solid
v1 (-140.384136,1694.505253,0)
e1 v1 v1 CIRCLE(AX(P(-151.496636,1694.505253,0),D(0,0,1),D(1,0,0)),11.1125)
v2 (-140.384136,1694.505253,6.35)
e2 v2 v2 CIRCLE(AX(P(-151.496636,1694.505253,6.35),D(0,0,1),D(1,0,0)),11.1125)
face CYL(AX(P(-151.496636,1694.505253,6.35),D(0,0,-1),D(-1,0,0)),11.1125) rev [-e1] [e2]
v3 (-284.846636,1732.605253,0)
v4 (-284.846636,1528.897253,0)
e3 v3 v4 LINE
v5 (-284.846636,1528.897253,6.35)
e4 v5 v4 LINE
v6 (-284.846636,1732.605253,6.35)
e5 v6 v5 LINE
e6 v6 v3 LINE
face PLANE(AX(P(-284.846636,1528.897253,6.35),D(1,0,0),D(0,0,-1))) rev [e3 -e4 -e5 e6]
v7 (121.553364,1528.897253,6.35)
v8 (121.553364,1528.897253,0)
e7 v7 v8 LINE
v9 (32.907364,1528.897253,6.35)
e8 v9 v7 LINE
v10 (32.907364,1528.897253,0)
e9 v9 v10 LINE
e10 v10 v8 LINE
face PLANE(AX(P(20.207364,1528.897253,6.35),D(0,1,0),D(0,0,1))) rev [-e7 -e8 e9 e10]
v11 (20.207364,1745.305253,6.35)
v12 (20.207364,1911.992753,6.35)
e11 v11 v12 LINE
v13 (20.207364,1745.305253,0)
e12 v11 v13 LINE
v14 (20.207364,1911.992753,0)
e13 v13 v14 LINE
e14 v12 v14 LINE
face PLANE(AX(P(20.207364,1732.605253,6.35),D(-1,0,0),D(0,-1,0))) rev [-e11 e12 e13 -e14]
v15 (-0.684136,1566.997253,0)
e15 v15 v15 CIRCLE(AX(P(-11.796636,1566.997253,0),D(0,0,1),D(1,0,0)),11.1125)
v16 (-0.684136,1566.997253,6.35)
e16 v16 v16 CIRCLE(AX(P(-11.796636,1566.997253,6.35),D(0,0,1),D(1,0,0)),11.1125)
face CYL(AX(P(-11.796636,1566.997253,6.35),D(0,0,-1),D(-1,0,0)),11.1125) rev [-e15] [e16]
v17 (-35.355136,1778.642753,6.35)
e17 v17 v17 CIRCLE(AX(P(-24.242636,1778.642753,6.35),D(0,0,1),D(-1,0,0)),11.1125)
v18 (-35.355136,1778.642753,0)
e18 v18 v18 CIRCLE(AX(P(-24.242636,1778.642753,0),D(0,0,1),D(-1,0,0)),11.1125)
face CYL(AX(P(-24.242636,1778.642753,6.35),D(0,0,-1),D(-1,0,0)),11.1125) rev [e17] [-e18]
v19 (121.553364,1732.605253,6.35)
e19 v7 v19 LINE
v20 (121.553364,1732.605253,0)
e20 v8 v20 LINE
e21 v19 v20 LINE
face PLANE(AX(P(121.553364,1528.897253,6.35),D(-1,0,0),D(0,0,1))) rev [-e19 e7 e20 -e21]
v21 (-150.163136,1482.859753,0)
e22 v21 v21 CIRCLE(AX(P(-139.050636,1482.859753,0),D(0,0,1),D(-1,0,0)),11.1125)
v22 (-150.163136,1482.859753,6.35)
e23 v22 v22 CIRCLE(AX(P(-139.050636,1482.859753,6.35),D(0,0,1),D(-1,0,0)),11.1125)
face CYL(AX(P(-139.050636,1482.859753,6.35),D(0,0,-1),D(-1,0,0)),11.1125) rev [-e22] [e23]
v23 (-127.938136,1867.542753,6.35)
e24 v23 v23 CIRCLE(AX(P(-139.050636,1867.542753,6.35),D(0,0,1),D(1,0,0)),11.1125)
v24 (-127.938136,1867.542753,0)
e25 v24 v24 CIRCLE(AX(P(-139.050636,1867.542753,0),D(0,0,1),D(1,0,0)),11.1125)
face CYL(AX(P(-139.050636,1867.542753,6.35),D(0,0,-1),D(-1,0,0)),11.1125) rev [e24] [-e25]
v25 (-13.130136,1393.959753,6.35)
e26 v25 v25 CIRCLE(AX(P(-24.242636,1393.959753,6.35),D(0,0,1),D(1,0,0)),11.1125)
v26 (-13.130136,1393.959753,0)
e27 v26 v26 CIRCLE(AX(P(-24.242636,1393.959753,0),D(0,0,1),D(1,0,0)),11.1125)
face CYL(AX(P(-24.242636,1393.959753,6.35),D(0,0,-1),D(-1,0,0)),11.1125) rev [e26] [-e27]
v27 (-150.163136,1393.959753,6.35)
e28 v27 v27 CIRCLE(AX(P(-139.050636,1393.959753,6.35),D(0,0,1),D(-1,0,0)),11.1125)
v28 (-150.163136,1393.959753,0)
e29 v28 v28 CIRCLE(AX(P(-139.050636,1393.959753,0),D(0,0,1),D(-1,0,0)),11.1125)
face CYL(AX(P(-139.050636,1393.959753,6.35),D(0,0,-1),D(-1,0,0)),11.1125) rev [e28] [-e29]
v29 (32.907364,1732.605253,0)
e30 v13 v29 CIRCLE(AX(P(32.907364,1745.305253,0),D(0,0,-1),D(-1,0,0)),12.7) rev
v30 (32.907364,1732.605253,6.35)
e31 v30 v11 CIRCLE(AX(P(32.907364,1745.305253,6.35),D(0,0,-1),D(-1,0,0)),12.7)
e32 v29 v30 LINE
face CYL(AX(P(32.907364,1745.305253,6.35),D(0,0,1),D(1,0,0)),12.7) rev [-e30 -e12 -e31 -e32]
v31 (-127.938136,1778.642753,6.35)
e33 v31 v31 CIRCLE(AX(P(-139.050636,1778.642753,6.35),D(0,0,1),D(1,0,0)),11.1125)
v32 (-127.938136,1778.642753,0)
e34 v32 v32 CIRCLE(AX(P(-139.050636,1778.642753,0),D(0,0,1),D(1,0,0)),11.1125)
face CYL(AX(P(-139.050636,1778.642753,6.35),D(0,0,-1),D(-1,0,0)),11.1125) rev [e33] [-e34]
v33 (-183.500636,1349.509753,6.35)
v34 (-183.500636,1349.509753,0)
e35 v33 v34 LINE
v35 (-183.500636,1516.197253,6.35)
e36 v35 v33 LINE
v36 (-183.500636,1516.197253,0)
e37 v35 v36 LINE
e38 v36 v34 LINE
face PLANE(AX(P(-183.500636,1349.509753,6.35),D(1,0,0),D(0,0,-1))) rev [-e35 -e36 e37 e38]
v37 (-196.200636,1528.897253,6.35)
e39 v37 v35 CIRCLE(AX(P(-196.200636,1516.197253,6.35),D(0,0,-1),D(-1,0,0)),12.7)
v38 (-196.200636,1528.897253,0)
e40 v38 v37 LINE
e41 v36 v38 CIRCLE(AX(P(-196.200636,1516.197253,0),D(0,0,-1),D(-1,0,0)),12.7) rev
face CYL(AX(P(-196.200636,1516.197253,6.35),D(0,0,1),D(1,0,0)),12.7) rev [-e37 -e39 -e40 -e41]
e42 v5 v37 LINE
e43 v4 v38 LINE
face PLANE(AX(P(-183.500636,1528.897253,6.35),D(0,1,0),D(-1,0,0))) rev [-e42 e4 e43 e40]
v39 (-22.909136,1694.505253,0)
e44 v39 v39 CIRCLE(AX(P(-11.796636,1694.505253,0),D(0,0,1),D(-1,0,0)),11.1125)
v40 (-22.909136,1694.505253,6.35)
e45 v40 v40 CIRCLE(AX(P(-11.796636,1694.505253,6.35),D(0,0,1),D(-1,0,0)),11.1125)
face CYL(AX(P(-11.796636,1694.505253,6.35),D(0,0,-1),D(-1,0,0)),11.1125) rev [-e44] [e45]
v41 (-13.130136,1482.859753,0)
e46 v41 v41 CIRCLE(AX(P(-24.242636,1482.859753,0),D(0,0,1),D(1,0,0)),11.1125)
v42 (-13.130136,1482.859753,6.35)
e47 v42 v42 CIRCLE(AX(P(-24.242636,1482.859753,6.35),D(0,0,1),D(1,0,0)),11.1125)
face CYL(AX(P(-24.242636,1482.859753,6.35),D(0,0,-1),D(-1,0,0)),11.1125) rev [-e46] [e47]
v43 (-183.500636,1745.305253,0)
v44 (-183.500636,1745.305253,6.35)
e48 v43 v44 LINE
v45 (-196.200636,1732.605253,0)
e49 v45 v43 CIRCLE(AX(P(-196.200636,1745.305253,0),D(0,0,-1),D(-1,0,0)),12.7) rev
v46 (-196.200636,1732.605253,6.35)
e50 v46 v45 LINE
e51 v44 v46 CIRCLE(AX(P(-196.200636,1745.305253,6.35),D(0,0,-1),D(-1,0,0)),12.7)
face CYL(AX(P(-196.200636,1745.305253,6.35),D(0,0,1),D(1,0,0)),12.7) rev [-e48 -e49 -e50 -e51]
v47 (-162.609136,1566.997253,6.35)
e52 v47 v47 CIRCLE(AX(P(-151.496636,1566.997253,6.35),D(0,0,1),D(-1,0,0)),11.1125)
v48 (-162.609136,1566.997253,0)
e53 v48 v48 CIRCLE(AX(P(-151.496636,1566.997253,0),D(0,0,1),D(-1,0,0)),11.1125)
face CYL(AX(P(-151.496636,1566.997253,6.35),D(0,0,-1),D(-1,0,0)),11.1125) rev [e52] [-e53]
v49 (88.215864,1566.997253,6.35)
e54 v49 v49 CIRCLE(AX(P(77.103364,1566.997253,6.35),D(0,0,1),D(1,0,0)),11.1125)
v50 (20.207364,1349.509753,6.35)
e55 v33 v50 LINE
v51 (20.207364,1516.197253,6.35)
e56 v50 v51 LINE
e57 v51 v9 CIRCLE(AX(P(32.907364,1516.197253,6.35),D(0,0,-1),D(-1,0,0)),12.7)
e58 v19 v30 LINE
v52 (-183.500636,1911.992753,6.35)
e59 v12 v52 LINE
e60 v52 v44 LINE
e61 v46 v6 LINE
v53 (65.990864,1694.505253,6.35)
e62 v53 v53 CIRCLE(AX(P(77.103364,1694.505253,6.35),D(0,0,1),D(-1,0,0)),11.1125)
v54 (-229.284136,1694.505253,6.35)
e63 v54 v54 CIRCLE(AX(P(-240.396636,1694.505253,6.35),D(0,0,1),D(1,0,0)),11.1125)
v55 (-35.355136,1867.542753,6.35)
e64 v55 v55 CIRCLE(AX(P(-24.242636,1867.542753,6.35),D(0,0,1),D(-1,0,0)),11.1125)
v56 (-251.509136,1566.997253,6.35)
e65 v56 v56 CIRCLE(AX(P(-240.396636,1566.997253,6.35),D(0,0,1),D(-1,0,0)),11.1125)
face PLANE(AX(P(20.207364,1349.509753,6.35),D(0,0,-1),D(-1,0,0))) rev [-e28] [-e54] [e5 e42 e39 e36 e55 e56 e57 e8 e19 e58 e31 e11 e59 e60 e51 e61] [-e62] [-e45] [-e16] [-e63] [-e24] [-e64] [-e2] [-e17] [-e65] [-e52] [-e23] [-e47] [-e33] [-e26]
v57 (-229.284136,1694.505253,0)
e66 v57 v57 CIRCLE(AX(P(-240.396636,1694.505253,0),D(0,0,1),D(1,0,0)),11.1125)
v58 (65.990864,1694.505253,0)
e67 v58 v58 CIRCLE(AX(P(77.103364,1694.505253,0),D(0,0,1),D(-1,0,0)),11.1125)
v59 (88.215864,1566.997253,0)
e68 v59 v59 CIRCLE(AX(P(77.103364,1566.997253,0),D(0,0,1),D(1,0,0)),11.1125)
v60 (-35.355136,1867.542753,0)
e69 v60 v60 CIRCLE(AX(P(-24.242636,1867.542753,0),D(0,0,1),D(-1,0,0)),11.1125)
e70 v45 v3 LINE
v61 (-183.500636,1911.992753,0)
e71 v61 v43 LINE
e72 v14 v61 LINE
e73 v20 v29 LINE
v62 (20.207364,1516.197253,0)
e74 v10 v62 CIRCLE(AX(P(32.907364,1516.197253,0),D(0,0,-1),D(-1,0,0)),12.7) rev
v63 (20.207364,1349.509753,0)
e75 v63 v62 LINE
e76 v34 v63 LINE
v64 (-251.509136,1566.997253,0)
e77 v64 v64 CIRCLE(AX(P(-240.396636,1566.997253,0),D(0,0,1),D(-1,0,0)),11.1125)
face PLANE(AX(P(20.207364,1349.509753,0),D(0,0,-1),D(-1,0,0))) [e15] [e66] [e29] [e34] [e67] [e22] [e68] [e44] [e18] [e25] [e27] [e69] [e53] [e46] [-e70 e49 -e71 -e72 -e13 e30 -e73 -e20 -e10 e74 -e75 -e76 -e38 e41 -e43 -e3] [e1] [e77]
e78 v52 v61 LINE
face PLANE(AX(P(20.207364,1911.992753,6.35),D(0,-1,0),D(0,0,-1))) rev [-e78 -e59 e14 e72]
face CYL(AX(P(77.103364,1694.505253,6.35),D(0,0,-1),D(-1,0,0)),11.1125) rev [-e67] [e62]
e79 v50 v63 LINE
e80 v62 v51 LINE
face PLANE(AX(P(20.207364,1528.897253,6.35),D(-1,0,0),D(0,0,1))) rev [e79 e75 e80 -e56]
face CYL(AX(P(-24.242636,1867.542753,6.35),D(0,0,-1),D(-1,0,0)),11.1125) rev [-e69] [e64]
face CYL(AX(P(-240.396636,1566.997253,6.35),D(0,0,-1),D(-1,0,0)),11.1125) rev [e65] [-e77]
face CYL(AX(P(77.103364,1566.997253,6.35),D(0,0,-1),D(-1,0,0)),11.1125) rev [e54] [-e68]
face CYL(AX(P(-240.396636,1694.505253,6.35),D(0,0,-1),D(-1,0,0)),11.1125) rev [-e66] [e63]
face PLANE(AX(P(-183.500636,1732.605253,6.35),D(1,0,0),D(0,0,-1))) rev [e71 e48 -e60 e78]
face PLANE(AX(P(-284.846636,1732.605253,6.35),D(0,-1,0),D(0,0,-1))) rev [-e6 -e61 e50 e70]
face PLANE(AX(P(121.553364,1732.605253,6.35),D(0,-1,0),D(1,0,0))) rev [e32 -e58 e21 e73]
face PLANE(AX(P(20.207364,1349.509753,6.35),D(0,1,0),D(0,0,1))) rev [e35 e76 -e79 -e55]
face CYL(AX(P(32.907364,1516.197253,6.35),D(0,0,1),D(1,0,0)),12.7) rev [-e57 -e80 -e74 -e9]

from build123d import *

# Parameters (mm, degrees)
SKETCH1_R           = 11.1125
BOSS_EXTRUDE1_DEPTH = 6.35
FILLET1_R           = 12.7


with BuildPart() as part:
    # Sketch1 → Boss-Extrude1 (new body)
    with BuildSketch(Plane.XY):
        Polygon((20.207363698, 1349.509753019), (-183.500636302, 1349.509753019), (-183.500636302, 1528.897253019), (-284.846636302, 1528.897253019), (-284.846636302, 1732.605253019), (-183.500636302, 1732.605253019), (-183.500636302, 1911.992753019), (20.207363698, 1911.992753019), (20.207363698, 1732.605253019), (121.553363698, 1732.605253019), (121.553363698, 1528.897253019), (20.207363698, 1528.897253019), align=None)
        with Locations((-139.050636302, 1867.542753019)):
            Circle(SKETCH1_R, mode=Mode.SUBTRACT)
        with Locations((-151.496636302, 1694.505253019)):
            Circle(SKETCH1_R, mode=Mode.SUBTRACT)
        with Locations(Location((-11.796636302, 1694.505253019, 0), (0, 0, 180))):
            Circle(SKETCH1_R, mode=Mode.SUBTRACT)
        with Locations(Location((-24.242636302, 1867.542753019, 0), (0, 0, 180))):
            Circle(SKETCH1_R, mode=Mode.SUBTRACT)
        with Locations((-24.242636302, 1393.959753019)):
            Circle(SKETCH1_R, mode=Mode.SUBTRACT)
        with Locations(Location((-139.050636302, 1393.959753019, 0), (0, 0, 180))):
            Circle(SKETCH1_R, mode=Mode.SUBTRACT)
        with Locations(Location((-151.496636302, 1566.997253019, 0), (0, 0, 180))):
            Circle(SKETCH1_R, mode=Mode.SUBTRACT)
        with Locations((-11.796636302, 1566.997253019)):
            Circle(SKETCH1_R, mode=Mode.SUBTRACT)
        with Locations((-240.396636302, 1694.505253019)):
            Circle(SKETCH1_R, mode=Mode.SUBTRACT)
        with Locations((-139.050636302, 1778.642753019)):
            Circle(SKETCH1_R, mode=Mode.SUBTRACT)
        with Locations(Location((-139.050636302, 1482.859753019, 0), (0, 0, 180))):
            Circle(SKETCH1_R, mode=Mode.SUBTRACT)
        with Locations(Location((-240.396636302, 1566.997253019, 0), (0, 0, 180))):
            Circle(SKETCH1_R, mode=Mode.SUBTRACT)
        with Locations(Location((-24.242636302, 1778.642753019, 0), (0, 0, 180))):
            Circle(SKETCH1_R, mode=Mode.SUBTRACT)
        with Locations(Location((77.103363698, 1694.505253019, 0), (0, 0, 180))):
            Circle(SKETCH1_R, mode=Mode.SUBTRACT)
        with Locations((77.103363698, 1566.997253019)):
            Circle(SKETCH1_R, mode=Mode.SUBTRACT)
        with Locations((-24.242636302, 1482.859753019)):
            Circle(SKETCH1_R, mode=Mode.SUBTRACT)
    extrude(amount=BOSS_EXTRUDE1_DEPTH)

    # Fillet1
    fillet1_edges = [part.edges().sort_by_distance(p)[0] for p in [
        (-183.500636302, 1528.897253019, 3.175),
        (-183.500636302, 1732.605253019, 3.175),
        (20.207363698, 1732.605253019, 3.175),
        (20.207363698, 1528.897253019, 3.175),
    ]]
    fillet(fillet1_edges, radius=FILLET1_R)


solid = part.part
